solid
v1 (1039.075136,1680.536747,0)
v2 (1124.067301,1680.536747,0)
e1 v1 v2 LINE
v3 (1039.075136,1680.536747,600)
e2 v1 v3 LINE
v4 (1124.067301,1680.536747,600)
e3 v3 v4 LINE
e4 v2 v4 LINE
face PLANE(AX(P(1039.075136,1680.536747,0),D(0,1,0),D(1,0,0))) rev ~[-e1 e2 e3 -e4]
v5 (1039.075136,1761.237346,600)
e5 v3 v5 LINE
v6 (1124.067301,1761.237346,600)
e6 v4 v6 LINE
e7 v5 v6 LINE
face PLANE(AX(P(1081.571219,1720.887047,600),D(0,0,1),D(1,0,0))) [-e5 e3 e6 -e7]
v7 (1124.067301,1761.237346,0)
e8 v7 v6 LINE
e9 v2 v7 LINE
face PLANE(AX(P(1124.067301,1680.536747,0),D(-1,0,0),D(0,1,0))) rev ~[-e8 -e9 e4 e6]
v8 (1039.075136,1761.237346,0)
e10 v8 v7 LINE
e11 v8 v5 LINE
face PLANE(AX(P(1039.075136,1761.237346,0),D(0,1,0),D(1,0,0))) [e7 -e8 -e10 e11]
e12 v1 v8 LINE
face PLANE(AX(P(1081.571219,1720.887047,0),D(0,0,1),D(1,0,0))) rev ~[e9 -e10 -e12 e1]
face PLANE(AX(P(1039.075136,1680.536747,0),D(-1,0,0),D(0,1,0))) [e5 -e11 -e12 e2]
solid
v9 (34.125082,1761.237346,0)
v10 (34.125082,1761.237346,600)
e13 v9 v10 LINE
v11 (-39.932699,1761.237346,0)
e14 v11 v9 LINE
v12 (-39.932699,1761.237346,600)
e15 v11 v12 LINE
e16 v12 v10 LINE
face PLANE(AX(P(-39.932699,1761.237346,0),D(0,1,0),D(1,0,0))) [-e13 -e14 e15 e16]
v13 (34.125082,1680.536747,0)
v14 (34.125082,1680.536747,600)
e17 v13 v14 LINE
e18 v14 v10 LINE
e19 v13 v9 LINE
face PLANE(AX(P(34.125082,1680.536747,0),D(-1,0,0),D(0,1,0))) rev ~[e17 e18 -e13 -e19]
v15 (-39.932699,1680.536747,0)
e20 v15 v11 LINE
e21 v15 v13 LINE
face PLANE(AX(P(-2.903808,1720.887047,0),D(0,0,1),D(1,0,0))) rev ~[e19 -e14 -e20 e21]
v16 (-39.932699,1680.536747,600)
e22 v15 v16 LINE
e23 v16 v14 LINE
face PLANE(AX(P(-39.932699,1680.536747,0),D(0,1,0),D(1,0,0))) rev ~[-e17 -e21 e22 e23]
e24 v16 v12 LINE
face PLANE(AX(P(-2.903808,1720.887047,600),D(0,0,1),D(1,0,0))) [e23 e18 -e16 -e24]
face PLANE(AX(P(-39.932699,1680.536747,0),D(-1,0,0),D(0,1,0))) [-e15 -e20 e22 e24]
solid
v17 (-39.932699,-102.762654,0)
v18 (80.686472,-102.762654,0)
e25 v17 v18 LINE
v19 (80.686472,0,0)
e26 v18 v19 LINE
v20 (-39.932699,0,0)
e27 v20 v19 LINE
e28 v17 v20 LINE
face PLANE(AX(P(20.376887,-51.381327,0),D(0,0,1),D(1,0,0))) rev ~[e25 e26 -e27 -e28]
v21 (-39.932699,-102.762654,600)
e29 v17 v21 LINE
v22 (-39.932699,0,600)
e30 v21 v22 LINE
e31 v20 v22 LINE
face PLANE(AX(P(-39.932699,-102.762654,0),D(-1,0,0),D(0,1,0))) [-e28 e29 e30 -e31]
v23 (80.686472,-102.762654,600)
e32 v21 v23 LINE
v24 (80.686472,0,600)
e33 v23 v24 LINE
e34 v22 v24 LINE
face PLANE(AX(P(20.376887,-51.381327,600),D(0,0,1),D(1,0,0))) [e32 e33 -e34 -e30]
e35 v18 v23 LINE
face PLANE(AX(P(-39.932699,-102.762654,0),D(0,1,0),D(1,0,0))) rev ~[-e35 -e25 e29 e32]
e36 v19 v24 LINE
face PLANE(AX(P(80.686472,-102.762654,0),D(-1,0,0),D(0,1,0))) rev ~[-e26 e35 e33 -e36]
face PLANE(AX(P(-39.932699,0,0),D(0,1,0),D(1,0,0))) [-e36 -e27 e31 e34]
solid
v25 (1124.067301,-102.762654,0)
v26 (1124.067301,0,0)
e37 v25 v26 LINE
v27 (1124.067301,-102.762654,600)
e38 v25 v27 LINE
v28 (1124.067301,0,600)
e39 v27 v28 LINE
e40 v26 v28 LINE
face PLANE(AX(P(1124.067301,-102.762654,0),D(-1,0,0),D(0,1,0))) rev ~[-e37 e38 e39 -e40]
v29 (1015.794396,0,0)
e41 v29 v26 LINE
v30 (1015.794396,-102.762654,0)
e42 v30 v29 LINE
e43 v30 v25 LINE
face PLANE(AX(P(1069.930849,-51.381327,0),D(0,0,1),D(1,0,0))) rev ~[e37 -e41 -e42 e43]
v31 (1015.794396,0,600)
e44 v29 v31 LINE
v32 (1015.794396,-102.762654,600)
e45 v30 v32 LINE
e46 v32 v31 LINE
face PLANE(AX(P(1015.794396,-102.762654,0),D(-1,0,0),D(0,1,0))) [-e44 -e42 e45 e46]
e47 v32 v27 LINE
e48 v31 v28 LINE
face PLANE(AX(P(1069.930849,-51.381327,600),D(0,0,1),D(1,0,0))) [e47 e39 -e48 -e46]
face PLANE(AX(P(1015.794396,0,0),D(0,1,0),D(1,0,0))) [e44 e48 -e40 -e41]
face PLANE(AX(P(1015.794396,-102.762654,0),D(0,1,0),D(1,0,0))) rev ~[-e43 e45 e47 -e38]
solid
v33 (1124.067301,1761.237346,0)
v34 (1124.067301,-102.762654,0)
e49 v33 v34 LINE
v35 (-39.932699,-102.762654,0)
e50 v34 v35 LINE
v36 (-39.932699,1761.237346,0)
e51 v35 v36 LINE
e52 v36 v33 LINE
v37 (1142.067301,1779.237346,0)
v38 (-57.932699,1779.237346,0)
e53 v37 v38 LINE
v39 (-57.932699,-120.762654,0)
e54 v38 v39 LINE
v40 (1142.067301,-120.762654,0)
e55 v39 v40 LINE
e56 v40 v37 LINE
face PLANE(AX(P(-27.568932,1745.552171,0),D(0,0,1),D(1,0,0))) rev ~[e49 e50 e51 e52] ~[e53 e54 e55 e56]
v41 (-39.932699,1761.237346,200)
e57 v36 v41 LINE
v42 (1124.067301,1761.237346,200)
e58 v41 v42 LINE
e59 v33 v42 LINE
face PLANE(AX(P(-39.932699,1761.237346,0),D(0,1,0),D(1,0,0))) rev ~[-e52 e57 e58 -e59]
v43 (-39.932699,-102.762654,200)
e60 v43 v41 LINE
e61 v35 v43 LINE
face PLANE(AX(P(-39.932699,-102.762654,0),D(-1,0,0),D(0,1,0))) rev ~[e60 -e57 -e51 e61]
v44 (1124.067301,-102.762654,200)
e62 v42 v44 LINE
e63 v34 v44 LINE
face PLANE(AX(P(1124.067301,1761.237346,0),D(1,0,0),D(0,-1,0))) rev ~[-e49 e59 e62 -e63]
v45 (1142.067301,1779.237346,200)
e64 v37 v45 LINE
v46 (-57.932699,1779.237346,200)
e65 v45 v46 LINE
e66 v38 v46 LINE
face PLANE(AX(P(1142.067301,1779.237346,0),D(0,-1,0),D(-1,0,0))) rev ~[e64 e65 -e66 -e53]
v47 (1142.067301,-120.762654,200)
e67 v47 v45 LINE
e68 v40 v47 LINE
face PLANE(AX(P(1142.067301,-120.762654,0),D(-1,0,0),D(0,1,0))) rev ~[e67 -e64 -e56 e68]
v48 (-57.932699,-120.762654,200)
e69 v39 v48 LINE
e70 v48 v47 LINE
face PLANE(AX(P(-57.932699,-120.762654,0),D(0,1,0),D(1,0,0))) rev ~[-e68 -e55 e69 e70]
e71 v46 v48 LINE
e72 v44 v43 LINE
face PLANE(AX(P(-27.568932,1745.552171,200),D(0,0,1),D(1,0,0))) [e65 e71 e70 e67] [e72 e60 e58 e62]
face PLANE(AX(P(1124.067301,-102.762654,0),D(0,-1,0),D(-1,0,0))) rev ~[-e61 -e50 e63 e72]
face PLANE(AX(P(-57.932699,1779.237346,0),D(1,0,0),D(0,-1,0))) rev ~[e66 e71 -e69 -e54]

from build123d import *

# Parameters (mm, degrees)
F0_W     = 74.0577807724
F0_H     = 80.7005994424
F1_DEPTH = 600
F0_W_2   = 84.9921652377
F0_W_3   = 120.619170934
F0_H_2   = 102.7626535788
F0_W_4   = 108.2729050219
F0_W_5   = 1004.9500539899
F0_H_3   = 18
F0_W_6   = 935.1079240441
F2_DEPTH = 200


with BuildPart() as f1:
    # F0 (on Top) → F1 (new body)
    with BuildSketch(Plane.XY):
        with Locations((-2.9038081914, 1720.8870467)):
            Rectangle(F0_W, F0_H)
    extrude(amount=F1_DEPTH)


with BuildPart() as f1b:
    # F0 (on Top) → F1, piece 2 (new body)
    with BuildSketch(Plane.XY):
        with Locations((1081.5712188035, 1720.8870467)):
            Rectangle(F0_W_2, F0_H)
    extrude(amount=F1_DEPTH)


with BuildPart() as f1c:
    # F0 (on Top) → F1, piece 3 (new body)
    with BuildSketch(Plane.XY):
        with Locations((20.3768868893, -51.3813267894)):
            Rectangle(F0_W_3, F0_H_2)
    extrude(amount=F1_DEPTH)


with BuildPart() as f1d:
    # F0 (on Top) → F1, piece 4 (new body)
    with BuildSketch(Plane.XY):
        with Locations((1069.9308489114, -51.3813267894)):
            Rectangle(F0_W_4, F0_H_2)
    extrude(amount=F1_DEPTH)


with BuildPart() as f2:
    # F0 (on Top) → F2 (new body)
    with BuildSketch(Plane.XY):
        Polygon((34.1250821948, 1779.2373464212), (-57.9326985776, 1779.2373464212), (-57.9326985776, 1680.5367469788), (-39.9326985776, 1680.5367469788), (-39.9326985776, 1761.2373464212), (34.1250821948, 1761.2373464212), align=None)
        with Locations((536.6001091897, 1770.2373464212)):
            Rectangle(F0_W_5, F0_H_3)
        Polygon((-39.9326985776, 1680.5367469788), (-57.9326985776, 1680.5367469788), (-57.9326985776, 0), (-39.9326985776, 0), (-39.9326985776, 160.1675599813), (-39.9326985776, 280.4511785507), (-39.9326985776, 567.5797462463), (-39.9326985776, 695.6235766411), (-39.9326985776, 1126.3164281845), (-39.9326985776, 1219.4391489029), (-39.9326985776, 1461.0304832458), (-39.9326985776, 1519.7958946228), (-39.9326985776, 1628.6848783493), align=None)
        with Locations((1081.5712188035, 1770.2373464212)):
            Rectangle(F0_W_2, F0_H_3)
        Polygon((-39.9326985776, 0), (-57.9326985776, 0), (-57.9326985776, -120.7626535788), (80.6864723563, -120.7626535788), (80.6864723563, -102.7626535788), (-39.9326985776, -102.7626535788), align=None)
        Polygon((1142.0673014224, 1779.2373464212), (1124.0673014224, 1779.2373464212), (1124.0673014224, 1761.2373464212), (1124.0673014224, 1680.5367469788), (1142.0673014224, 1680.5367469788), align=None)
        with Locations((548.2404343784, -111.7626535788)):
            Rectangle(F0_W_6, F0_H_3)
        Polygon((1124.0673014224, 1680.5367469788), (1124.0673014224, 1628.6848783493), (1124.0673014224, 1519.7958946228), (1124.0673014224, 1461.0304832458), (1124.0673014224, 1219.4391489029), (1124.0673014224, 1126.3164281845), (1124.0673014224, 695.6235766411), (1124.0673014224, 567.5797462463), (1124.0673014224, 280.4511785507), (1124.0673014224, 160.1675599813), (1124.0673014224, 0), (1142.0673014224, 0), (1142.0673014224, 1680.5367469788), align=None)
        Polygon((1015.7943964005, -102.7626535788), (1015.7943964005, -120.7626535788), (1142.0673014224, -120.7626535788), (1142.0673014224, 0), (1124.0673014224, 0), (1124.0673014224, -102.7626535788), align=None)
    extrude(amount=F2_DEPTH)


solid = Compound([f1.part, f1b.part, f1c.part, f1d.part, f2.part])
